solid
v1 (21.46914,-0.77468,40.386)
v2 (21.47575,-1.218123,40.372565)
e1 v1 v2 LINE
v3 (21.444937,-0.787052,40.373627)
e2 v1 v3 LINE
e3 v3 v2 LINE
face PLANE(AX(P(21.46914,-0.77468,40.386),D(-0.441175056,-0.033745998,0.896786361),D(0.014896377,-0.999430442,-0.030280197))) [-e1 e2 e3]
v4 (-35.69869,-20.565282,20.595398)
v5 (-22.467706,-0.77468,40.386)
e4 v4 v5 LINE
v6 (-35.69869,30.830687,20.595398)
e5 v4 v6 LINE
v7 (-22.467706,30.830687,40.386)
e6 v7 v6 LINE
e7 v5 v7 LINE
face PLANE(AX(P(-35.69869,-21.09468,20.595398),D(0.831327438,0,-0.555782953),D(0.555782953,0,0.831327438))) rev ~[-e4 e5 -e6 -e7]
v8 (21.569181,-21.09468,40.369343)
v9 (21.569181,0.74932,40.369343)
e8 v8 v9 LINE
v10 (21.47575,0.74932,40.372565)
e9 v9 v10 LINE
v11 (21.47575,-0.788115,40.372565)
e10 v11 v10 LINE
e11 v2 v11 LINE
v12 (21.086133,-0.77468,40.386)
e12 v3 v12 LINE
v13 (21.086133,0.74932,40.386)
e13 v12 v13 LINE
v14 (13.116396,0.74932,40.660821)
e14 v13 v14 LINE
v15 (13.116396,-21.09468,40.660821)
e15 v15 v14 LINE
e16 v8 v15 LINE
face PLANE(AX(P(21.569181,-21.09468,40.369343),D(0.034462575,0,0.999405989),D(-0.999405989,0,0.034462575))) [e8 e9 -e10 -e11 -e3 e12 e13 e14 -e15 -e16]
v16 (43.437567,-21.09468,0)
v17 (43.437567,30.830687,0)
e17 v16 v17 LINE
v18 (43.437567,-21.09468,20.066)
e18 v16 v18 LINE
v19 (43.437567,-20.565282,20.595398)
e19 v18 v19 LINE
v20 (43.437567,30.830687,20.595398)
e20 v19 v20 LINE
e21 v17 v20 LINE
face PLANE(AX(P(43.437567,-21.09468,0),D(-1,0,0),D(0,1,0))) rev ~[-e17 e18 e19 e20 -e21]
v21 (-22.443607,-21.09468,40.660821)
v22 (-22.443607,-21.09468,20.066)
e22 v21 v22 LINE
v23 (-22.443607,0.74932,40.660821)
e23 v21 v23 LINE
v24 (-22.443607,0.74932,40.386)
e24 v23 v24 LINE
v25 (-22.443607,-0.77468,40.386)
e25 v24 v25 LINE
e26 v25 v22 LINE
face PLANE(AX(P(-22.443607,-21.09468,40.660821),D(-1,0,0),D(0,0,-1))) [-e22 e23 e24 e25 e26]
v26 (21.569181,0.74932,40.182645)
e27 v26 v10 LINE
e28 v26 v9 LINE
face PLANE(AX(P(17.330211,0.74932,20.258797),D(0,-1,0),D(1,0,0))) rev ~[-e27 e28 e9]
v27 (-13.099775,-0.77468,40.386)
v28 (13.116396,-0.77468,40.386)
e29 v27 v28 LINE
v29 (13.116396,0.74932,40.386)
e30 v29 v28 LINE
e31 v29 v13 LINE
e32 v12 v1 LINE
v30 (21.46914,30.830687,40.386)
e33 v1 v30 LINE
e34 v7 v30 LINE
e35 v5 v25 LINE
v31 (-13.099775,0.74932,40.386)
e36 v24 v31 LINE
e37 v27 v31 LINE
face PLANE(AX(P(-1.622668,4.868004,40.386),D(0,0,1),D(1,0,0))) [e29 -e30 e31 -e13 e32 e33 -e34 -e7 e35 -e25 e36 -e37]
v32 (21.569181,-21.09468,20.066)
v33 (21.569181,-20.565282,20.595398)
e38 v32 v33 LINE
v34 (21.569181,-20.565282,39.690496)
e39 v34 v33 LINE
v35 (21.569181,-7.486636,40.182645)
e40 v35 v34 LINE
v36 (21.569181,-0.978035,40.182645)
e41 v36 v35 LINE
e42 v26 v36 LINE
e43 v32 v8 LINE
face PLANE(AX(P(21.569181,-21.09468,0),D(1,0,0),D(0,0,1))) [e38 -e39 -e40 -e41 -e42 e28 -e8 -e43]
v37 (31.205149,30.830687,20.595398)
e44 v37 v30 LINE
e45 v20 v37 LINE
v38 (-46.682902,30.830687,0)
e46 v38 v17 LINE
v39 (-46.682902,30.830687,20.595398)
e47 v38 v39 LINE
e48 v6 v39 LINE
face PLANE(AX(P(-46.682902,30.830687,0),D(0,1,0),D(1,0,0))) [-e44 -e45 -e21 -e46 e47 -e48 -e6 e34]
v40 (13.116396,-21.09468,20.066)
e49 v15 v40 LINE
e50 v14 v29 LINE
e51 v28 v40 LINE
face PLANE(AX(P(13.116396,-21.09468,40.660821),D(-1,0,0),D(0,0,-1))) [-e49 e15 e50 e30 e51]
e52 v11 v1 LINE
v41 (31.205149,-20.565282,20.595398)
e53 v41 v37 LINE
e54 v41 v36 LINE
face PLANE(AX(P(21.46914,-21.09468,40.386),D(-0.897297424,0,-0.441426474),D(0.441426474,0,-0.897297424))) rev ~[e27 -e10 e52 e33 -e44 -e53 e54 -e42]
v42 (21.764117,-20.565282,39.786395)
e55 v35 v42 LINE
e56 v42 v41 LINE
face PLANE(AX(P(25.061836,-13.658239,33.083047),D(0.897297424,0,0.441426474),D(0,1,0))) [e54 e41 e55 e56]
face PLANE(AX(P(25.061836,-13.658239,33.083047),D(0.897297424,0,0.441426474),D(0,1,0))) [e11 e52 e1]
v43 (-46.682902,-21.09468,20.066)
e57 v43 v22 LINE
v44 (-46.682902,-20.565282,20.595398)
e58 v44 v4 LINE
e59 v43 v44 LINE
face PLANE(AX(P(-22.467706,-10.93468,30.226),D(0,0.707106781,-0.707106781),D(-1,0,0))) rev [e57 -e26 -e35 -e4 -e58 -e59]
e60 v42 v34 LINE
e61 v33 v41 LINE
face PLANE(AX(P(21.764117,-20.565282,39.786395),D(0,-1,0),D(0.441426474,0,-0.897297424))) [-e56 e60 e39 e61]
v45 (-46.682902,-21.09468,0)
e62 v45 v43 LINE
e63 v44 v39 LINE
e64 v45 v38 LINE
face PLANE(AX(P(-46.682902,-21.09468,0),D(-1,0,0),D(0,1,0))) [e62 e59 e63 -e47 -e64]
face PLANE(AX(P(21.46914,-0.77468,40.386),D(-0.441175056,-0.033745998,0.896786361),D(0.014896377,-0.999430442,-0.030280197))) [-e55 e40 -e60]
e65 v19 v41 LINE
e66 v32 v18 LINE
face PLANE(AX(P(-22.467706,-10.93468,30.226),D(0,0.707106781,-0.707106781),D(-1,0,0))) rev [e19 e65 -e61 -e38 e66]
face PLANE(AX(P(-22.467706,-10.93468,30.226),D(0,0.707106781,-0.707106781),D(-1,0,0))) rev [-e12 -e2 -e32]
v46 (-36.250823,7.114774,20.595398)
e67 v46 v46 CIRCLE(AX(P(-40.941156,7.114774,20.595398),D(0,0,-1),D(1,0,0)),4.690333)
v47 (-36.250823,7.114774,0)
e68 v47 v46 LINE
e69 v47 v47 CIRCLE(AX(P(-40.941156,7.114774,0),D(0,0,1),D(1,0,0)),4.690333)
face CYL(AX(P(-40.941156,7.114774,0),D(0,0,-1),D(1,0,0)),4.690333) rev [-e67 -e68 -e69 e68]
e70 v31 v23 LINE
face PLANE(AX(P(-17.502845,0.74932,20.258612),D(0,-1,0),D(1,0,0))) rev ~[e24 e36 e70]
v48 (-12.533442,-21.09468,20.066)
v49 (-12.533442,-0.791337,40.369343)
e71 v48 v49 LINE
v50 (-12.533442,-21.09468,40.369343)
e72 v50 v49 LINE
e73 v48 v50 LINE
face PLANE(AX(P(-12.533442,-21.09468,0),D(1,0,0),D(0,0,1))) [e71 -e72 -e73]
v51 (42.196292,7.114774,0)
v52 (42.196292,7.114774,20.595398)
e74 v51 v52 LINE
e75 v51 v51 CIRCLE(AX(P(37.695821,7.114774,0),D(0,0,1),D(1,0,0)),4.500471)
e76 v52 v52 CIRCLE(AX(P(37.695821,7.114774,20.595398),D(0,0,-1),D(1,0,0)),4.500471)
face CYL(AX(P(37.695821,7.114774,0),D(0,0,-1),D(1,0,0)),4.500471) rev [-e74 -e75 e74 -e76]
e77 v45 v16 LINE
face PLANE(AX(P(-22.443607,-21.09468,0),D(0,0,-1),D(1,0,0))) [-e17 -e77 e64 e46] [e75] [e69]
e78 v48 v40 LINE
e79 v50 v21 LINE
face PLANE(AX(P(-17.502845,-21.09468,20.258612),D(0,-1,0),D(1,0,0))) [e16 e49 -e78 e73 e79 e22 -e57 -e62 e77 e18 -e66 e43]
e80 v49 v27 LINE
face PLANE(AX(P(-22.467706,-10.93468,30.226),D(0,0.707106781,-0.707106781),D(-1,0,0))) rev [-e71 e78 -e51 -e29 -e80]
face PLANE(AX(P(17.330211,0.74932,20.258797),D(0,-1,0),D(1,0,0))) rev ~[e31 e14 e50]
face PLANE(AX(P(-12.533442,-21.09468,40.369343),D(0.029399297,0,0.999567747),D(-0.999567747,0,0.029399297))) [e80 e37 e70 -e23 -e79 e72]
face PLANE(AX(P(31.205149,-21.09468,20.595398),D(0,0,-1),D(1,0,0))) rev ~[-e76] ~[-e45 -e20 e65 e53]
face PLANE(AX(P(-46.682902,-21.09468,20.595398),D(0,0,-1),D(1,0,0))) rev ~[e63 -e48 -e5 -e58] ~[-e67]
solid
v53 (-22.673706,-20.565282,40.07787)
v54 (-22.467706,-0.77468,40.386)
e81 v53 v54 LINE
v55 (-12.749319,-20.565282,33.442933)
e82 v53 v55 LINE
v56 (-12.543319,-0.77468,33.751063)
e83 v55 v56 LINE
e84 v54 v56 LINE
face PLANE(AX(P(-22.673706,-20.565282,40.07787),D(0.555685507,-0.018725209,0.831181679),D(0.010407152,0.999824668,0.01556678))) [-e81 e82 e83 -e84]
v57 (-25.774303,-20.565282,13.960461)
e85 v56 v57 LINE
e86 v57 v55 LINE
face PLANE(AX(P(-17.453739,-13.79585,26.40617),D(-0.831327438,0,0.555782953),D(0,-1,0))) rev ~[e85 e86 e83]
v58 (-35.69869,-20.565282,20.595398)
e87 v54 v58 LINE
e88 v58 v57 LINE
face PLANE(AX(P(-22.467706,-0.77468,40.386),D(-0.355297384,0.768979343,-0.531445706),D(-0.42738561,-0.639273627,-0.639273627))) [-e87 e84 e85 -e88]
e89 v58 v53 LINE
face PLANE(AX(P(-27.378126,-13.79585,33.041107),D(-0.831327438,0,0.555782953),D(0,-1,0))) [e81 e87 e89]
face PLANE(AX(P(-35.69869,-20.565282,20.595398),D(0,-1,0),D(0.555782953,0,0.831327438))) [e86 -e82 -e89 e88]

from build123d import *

# Parameters (mm, degrees)
F0_W      = 90.1204682887
F0_H      = 51.9253667444
F1_DEPTH  = 40.386
F3_DEPTH  = 91.948
F4_R      = 4.5004708043
F4_R_2    = 4.690333398
F5_DEPTH  = 57.404
F6_SIZE   = 20.32
F8_DEPTH  = 21.844
F10_DEPTH = 11.938
F12_DEPTH = 8.89


with BuildPart() as f1:
    # F0 (on Top) → F1 (new body)
    with BuildSketch(Plane.XY):
        with Locations((-1.6226675361, 4.8680035397)):
            Rectangle(F0_W, F0_H)
    extrude(amount=F1_DEPTH)

    # F2 (on face) → F3 (cut)
    with BuildSketch(Plane.XZ.offset(21.0946798325)):
        Polygon((43.4375666082, 40.386), (21.4691404253, 40.386), (31.2051493675, 20.5953978002), (43.4375666082, 20.5953978002), align=None)
        Polygon((-46.6829016805, 40.386), (-46.6829016805, 20.5953978002), (-35.6986895204, 20.5953978002), (-22.4677063525, 40.386), align=None)
    extrude(amount=-F3_DEPTH, mode=Mode.SUBTRACT)

    # F4 (on Top) → F5 (cut)
    with BuildSketch(Plane.XY):
        with Locations((37.6958213747, 7.1147740819)):
            Circle(F4_R)
        with Locations((-40.9411564469, 7.1147740819)):
            Circle(F4_R_2)
    extrude(amount=F5_DEPTH, mode=Mode.SUBTRACT)

    # F6
    f6_edges = [f1.edges().sort_by_distance(p)[0] for p in [
        (-0.499283, -21.09468, 40.386),
    ]]
    chamfer(f6_edges, length=F6_SIZE)

    # F7 (on face) → F8 (join)
    with BuildSketch(Plane.XZ.offset(21.0946798325)):
        Polygon((-12.5334421173, 40.3693430126), (-22.4436074495, 40.6608209014), (-22.4436074495, 0), (-12.5334421173, 0), align=None)
        Polygon((21.5691812336, 0), (21.5691812336, 40.3693430126), (13.1163960323, 40.6608209014), (13.1163960323, 0), align=None)
    extrude(amount=-F8_DEPTH)

    # F11 (on face) → F12 (join)
    with BuildSketch(Plane(origin=(33.2822455963, 0, 16.3732380384), x_dir=(0, 1, 0), z_dir=(0.8972974245, 0, 0.4414264741))):
        Polygon((-20.5652820323, 26.0929726064), (-20.5652820323, 4.7054183447), (-0.7746798325, 26.7612068264), align=None)
    extrude(amount=-F12_DEPTH)


with BuildPart() as f10:
    # F9 (on face) → F10 (new body)
    with BuildSketch(Plane(origin=(-34.1874023997, 0, 22.8559465315), x_dir=(0, -1, 0), z_dir=(-0.8313274378, 0, 0.5557829532))):
        Polygon((0.7746798325, 21.0868217152), (20.5652820323, -2.719203804), (20.5652820323, 20.7161735743), align=None)
    extrude(amount=-F10_DEPTH)


solid = Compound([f1.part, f10.part])
